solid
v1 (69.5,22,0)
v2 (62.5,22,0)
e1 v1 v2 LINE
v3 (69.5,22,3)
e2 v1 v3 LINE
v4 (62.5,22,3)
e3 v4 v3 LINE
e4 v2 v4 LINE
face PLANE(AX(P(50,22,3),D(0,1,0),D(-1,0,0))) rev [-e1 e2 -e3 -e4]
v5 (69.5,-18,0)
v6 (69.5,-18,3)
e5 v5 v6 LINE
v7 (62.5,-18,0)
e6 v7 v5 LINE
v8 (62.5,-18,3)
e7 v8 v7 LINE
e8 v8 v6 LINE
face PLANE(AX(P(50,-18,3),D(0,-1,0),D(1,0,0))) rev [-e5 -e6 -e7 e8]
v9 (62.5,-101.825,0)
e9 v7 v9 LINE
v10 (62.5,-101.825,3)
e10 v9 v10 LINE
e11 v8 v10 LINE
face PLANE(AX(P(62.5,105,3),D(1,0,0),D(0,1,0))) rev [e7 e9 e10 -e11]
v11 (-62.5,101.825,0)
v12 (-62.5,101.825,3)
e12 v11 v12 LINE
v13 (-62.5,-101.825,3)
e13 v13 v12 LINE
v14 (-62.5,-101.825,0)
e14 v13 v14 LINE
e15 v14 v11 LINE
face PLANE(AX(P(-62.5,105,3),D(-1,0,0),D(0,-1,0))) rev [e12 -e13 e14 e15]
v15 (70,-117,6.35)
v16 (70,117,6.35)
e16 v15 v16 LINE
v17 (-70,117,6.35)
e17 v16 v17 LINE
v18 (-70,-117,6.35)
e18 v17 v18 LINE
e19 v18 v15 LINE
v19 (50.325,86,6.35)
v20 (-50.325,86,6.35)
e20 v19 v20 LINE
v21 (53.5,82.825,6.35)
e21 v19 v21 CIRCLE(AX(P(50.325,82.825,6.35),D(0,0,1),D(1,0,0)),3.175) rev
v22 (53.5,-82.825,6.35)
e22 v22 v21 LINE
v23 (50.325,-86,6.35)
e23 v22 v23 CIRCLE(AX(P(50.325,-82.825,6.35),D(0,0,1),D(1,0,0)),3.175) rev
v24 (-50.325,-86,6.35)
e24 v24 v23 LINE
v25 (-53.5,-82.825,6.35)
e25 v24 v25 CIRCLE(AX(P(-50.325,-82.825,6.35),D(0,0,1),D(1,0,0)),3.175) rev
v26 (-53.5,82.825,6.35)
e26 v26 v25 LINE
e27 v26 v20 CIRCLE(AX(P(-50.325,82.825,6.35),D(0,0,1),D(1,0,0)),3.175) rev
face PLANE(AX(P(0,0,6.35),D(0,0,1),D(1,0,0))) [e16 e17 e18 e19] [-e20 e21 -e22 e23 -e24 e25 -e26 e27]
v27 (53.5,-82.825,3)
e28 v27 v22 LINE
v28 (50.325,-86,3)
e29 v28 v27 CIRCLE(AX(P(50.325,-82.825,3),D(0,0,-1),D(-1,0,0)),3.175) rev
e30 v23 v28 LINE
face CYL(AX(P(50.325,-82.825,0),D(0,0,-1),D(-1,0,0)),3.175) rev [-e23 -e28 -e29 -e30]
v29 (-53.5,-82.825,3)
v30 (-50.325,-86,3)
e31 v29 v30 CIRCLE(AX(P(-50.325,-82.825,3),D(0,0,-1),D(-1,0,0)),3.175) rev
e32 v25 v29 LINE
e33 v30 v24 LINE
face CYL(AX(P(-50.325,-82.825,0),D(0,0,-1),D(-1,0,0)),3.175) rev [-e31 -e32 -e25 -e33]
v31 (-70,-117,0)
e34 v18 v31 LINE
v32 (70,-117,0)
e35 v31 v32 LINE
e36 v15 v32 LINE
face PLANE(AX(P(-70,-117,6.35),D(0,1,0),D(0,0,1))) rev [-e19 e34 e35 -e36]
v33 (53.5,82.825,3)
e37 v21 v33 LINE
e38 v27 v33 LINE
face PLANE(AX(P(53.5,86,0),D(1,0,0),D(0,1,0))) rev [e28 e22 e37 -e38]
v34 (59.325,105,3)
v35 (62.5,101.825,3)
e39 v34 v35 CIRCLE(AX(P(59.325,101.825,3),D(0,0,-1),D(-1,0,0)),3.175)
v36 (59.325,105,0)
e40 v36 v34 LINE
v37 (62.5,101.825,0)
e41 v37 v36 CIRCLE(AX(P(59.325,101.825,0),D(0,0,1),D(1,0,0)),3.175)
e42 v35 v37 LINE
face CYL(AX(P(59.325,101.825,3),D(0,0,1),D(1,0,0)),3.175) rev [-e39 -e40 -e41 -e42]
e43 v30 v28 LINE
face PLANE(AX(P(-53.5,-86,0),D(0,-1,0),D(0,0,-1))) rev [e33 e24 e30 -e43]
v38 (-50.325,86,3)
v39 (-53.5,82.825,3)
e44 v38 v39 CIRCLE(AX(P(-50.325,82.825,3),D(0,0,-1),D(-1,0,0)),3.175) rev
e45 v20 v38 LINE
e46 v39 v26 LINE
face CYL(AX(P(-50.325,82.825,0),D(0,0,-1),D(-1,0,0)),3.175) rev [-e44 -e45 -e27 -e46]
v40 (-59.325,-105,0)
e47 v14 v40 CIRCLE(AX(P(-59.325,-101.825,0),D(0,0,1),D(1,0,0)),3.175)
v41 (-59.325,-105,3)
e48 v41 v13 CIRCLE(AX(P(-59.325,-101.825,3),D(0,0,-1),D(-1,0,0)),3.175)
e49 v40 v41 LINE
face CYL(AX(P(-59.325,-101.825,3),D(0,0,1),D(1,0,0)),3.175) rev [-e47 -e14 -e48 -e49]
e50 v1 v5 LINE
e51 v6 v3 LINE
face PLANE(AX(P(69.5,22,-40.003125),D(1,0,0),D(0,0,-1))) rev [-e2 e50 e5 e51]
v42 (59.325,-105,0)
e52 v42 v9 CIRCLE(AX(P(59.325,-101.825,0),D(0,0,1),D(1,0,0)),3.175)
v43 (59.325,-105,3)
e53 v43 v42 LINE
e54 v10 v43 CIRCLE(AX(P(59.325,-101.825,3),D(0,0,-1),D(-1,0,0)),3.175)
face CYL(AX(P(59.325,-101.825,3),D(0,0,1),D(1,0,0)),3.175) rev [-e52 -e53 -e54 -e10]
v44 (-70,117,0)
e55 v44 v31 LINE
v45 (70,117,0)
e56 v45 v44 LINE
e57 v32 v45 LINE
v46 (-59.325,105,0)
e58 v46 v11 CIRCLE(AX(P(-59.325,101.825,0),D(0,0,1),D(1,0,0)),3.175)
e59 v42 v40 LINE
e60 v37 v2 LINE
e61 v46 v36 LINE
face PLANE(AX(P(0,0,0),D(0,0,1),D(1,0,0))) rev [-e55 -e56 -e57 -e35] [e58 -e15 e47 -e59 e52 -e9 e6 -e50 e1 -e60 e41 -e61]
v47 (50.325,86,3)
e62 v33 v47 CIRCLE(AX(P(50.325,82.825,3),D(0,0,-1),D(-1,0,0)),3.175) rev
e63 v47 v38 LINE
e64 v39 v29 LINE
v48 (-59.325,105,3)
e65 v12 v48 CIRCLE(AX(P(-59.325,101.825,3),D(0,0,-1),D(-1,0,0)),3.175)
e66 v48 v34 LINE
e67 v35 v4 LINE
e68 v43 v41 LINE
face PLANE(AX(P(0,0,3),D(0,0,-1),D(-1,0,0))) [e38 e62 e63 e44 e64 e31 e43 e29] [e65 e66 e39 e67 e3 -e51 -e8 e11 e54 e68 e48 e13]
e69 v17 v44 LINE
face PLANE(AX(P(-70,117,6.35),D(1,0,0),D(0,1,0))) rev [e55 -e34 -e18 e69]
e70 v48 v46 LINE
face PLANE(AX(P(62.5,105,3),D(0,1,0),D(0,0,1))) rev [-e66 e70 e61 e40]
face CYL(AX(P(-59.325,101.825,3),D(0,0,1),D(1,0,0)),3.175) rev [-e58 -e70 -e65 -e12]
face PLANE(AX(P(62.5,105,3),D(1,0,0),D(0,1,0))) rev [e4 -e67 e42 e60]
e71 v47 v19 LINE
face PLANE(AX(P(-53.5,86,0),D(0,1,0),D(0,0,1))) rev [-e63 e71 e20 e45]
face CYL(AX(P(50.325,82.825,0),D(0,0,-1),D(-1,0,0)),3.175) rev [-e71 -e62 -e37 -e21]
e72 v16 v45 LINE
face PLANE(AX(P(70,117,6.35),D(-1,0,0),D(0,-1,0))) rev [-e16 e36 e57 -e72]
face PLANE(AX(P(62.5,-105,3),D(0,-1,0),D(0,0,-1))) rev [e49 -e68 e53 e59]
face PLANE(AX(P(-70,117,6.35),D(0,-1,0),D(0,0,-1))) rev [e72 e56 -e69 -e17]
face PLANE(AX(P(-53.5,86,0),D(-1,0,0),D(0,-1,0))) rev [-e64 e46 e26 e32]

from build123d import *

# Parameters (mm, degrees)
SKETCH1_W           = 140
SKETCH1_H           = 234
BOSS_EXTRUDE1_DEPTH = 6.35
SKETCH2_W           = 107
SKETCH2_H           = 172
CUT_EXTRUDE1_DEPTH  = 137.489276136
FILLET1_R           = 3.175
SKETCH3_W           = 125
SKETCH3_H           = 210
CUT_EXTRUDE2_DEPTH  = 3
FILLET2_R           = 3.175
SKETCH5_W           = 6
SKETCH5_H           = 40
CUT_EXTRUDE4_DEPTH  = 20
SKETCH6_W           = 0.5
SKETCH6_H           = 40
BOSS_EXTRUDE2_DEPTH = 3


with BuildPart() as part:
    # Sketch1 → Boss-Extrude1 (new body)
    with BuildSketch(Plane.XY):
        Rectangle(SKETCH1_W, SKETCH1_H)
    extrude(amount=BOSS_EXTRUDE1_DEPTH)

    # Sketch2 → Cut-Extrude1 (cut, through all)
    with BuildSketch(Plane.XY.offset(6.35)):
        Rectangle(SKETCH2_W, SKETCH2_H)
    extrude(amount=-CUT_EXTRUDE1_DEPTH, mode=Mode.SUBTRACT)

    # Fillet1
    fillet1_edges = [part.edges().sort_by_distance(p)[0] for p in [
        (53.5, 86, 3.175),
        (53.5, -86, 3.175),
        (-53.5, -86, 3.175),
        (-53.5, 86, 3.175),
    ]]
    fillet(fillet1_edges, radius=FILLET1_R)

    # Sketch3 → Cut-Extrude2 (cut)
    with BuildSketch(Plane(origin=(0, 0, 0), x_dir=(-1, 0, 0), z_dir=(0, 0, -1))):
        Rectangle(SKETCH3_W, SKETCH3_H)
    extrude(amount=-CUT_EXTRUDE2_DEPTH, mode=Mode.SUBTRACT)

    # Fillet2
    fillet2_edges = [part.edges().sort_by_distance(p)[0] for p in [
        (-62.5, 105, 1.5),
        (-62.5, -105, 1.5),
        (62.5, -105, 1.5),
        (62.5, 105, 1.5),
    ]]
    fillet(fillet2_edges, radius=FILLET2_R)

    # Sketch5 → Cut-Extrude4 (cut)
    with BuildSketch(Plane(origin=(70, 0, 0), x_dir=(0, 0, -1), z_dir=(1, 0, 0))):
        with Locations((0, 2)):
            Rectangle(SKETCH5_W, SKETCH5_H)
    extrude(amount=-CUT_EXTRUDE4_DEPTH, mode=Mode.SUBTRACT)

    # Sketch6 → Boss-Extrude2 (add)
    with BuildSketch(Plane(origin=(0, 0, 3), x_dir=(-1, 0, 0), z_dir=(0, 0, -1))):
        with Locations((-69.75, 2)):
            Rectangle(SKETCH6_W, SKETCH6_H)
    extrude(amount=BOSS_EXTRUDE2_DEPTH)


solid = part.part
